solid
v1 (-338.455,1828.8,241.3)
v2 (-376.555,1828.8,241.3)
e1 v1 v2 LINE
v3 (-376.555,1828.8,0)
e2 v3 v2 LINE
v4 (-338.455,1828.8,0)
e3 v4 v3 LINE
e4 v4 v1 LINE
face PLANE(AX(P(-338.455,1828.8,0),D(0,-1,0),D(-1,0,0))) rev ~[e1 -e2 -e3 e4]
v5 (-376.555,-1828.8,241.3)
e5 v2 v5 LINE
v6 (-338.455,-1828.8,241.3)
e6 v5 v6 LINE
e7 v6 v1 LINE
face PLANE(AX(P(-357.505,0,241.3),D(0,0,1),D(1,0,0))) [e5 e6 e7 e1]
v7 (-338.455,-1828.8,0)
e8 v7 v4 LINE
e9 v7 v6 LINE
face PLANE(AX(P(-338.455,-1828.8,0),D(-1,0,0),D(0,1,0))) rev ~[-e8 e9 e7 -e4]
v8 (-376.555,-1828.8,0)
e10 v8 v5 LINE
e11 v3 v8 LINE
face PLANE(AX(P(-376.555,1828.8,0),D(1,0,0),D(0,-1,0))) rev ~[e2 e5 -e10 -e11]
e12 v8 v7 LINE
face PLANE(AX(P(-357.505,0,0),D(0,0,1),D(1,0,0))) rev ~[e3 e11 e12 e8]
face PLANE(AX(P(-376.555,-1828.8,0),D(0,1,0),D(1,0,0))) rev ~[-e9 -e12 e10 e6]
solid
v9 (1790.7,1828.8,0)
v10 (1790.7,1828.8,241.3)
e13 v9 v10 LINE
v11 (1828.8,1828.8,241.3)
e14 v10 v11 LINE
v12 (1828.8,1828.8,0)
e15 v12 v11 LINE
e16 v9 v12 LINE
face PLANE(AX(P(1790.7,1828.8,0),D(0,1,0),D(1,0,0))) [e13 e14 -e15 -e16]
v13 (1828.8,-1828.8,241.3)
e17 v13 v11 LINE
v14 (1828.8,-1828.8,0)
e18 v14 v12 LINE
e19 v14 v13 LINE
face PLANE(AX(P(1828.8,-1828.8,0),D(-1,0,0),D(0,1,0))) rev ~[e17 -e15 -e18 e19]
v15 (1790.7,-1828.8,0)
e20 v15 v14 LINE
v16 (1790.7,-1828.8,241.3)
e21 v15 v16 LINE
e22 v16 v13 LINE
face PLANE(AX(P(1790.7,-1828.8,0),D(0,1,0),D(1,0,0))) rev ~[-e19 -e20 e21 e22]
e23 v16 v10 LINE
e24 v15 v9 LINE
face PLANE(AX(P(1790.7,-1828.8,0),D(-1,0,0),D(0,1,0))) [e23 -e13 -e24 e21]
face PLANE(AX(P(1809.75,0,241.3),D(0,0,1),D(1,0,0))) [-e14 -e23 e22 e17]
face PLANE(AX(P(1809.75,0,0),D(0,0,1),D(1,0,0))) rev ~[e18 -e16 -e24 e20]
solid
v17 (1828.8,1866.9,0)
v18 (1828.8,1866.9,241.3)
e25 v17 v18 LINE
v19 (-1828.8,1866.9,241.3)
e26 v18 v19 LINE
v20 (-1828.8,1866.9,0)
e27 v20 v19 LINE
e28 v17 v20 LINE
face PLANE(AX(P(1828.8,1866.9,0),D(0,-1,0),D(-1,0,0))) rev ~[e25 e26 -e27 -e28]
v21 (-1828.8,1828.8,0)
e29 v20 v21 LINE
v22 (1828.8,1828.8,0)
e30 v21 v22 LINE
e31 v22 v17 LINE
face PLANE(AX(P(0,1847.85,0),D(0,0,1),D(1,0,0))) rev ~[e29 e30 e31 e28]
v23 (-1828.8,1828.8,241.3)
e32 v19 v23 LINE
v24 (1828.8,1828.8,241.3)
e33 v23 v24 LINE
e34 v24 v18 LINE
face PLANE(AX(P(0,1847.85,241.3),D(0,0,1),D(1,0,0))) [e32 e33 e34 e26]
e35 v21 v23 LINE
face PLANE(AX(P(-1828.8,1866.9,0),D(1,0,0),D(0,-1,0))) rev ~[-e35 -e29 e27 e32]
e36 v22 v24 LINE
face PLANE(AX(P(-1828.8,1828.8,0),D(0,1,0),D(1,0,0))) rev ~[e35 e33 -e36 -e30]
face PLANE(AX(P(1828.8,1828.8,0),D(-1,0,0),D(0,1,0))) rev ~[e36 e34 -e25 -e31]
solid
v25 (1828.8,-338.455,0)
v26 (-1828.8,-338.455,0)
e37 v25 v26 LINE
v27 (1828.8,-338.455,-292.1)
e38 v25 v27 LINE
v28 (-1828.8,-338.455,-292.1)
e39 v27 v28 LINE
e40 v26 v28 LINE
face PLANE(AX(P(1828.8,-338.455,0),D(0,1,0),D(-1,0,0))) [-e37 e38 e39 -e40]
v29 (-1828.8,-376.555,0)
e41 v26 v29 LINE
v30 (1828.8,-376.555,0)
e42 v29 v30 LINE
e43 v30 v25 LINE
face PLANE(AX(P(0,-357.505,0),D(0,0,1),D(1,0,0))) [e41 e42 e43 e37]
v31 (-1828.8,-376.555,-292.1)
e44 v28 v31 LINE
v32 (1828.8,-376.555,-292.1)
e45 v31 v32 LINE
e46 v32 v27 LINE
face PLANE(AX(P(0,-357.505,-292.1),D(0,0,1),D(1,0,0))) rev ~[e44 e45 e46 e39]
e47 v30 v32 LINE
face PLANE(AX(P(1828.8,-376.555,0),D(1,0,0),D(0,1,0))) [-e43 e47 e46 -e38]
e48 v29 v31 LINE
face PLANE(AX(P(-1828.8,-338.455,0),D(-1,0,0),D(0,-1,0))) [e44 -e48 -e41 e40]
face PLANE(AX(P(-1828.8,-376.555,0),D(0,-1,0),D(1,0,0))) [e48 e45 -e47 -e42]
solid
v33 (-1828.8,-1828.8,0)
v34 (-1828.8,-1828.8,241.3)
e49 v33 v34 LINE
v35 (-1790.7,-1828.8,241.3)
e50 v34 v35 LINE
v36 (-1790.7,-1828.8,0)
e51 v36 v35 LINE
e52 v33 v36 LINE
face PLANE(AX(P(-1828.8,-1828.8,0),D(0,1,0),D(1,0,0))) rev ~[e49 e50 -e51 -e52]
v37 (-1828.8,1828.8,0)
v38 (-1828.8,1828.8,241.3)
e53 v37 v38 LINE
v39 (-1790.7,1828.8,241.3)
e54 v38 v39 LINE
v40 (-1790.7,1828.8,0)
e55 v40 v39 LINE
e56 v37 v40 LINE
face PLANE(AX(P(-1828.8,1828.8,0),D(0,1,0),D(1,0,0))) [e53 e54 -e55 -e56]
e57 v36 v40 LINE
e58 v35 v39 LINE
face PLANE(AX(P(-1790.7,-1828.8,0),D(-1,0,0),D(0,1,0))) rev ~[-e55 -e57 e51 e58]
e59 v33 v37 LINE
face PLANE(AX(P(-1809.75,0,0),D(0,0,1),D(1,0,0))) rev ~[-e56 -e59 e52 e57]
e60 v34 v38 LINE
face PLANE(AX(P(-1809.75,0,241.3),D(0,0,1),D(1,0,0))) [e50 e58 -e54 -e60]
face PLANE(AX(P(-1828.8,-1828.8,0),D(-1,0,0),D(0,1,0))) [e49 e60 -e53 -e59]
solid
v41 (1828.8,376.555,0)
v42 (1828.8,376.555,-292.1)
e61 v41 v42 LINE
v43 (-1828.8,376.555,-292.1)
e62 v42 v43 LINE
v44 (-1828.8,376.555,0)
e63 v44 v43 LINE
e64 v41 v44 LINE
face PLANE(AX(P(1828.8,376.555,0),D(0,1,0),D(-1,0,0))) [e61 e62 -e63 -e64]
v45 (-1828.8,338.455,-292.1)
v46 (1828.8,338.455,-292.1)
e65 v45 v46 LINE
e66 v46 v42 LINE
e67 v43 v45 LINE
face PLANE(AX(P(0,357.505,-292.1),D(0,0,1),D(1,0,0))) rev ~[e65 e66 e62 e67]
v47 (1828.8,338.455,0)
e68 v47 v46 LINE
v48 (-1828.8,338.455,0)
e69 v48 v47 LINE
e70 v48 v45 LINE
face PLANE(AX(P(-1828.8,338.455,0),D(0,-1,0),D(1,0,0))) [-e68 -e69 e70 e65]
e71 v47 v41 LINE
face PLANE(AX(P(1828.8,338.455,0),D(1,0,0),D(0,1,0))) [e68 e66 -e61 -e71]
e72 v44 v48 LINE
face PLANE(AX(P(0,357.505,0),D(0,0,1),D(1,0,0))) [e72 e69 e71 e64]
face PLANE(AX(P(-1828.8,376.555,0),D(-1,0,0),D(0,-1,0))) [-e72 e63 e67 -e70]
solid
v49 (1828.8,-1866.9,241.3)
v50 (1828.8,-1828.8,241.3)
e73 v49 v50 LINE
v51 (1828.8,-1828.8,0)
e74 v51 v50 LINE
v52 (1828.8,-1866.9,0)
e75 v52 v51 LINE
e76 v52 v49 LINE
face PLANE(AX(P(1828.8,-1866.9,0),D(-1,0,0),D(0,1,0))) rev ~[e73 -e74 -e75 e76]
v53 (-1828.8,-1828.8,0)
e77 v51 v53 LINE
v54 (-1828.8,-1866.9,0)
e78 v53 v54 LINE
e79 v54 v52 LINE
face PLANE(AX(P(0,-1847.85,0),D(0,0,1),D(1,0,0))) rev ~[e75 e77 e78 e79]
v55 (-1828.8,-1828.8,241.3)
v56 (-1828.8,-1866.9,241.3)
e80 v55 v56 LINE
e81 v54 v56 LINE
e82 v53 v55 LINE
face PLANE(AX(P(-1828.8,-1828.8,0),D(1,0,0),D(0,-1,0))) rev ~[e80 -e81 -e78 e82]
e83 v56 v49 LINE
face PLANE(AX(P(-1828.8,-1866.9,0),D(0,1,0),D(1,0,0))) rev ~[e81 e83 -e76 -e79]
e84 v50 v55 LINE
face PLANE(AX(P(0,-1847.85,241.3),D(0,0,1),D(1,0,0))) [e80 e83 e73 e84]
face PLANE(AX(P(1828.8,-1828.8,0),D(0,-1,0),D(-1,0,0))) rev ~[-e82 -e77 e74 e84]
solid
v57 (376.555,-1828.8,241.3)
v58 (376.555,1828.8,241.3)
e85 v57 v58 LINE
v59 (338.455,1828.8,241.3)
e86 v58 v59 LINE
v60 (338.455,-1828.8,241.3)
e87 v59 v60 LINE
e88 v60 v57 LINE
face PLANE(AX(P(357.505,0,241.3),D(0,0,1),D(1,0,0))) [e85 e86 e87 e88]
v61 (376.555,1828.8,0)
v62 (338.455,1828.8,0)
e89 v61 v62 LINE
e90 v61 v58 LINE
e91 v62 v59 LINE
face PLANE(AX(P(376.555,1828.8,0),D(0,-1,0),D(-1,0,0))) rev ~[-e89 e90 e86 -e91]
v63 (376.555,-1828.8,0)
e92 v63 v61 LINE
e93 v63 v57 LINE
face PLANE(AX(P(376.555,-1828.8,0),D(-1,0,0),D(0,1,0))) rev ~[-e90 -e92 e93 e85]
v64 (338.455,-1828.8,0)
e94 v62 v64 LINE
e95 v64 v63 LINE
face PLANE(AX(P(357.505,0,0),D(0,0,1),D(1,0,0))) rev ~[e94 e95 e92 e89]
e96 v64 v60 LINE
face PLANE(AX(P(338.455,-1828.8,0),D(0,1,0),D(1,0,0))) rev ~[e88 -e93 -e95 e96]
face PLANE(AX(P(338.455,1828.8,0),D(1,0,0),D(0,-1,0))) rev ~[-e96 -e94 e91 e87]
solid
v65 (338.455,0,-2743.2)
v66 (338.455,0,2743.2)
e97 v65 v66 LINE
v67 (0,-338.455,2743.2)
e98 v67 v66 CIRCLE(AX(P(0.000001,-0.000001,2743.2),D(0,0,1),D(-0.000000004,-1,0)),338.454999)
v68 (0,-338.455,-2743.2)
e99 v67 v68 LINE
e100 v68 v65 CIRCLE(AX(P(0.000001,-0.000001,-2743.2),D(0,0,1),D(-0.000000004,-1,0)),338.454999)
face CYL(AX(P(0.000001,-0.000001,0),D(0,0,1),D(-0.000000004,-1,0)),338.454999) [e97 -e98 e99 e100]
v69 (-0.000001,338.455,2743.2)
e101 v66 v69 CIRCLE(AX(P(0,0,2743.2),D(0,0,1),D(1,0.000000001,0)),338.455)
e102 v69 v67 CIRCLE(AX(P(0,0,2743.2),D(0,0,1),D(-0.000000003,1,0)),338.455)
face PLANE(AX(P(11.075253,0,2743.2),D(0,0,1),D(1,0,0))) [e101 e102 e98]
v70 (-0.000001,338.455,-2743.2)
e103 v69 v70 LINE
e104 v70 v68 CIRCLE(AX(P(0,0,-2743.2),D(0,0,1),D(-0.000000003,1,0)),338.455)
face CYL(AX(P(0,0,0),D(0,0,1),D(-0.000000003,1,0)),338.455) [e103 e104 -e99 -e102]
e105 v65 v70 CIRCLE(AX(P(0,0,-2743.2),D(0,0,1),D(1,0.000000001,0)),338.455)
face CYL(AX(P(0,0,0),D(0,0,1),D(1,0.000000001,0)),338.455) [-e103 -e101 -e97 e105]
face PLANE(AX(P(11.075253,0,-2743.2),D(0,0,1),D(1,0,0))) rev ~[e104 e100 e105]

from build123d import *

# Parameters (mm, degrees)
F1_DEPTH = 2743.2
F2_DEPTH = 292.1
F3_W     = 38.1
F3_H     = 3657.6
F4_DEPTH = 241.3
F5_DEPTH = 241.3


with BuildPart() as f1:
    # F0 (on Top) → F1 (new body, symmetric)
    with BuildSketch(Plane.XY):
        with BuildLine():
            ThreePointArc((0, -338.455), (239.323826, -239.323826), (338.455, 0))
            ThreePointArc((338.455, 0), (239.323825, 239.323826), (-1e-06, 338.455))
            ThreePointArc((-1e-06, 338.455), (-338.455, -1e-06), (0, -338.455))
        make_face()
    extrude(amount=F1_DEPTH, both=True)


with BuildPart() as f2:
    # F0 (on Top) → F2 (new body)
    with BuildSketch(Plane.XY):
        Polygon((1828.8, -338.455), (0, -338.455), (-1828.8, -338.455), (-1828.8, -376.555), (1828.8, -376.555), align=None)
        Polygon((-1828.8, 338.455), (-1e-06, 338.455), (1828.8, 338.455), (1828.8, 376.555), (-1828.8, 376.555), align=None)
    extrude(amount=-F2_DEPTH)


with BuildPart() as f4:
    # F3 (on Top) → F4 (new body)
    with BuildSketch(Plane.XY):
        with Locations((-1809.75, 0)):
            Rectangle(F3_W, F3_H)
        Polygon((-338.455, -1828.8), (-338.455, -2e-06), (-338.455, 1828.8), (-376.555, 1828.8), (-376.555, -1828.8), align=None)
        Polygon((338.455, 1828.8), (338.455, 0), (338.455, -1828.8), (376.555, -1828.8), (376.555, 1828.8), align=None)
        with Locations((1809.75, 0)):
            Rectangle(F3_W, F3_H)
    extrude(amount=F4_DEPTH)


with BuildPart() as f5:
    # F3 (on Top) → F5 (new body)
    with BuildSketch(Plane.XY):
        Polygon((376.555, -1828.8), (338.455, -1828.8), (-338.455, -1828.8), (-376.555, -1828.8), (-1790.7, -1828.8), (-1828.8, -1828.8), (-1828.8, -1866.9), (1828.8, -1866.9), (1828.8, -1828.8), (1790.7, -1828.8), align=None)
        Polygon((-338.455, 1828.8), (338.455, 1828.8), (376.555, 1828.8), (1790.7, 1828.8), (1828.8, 1828.8), (1828.8, 1866.9), (-1828.8, 1866.9), (-1828.8, 1828.8), (-1790.7, 1828.8), (-376.555, 1828.8), align=None)
    extrude(amount=F5_DEPTH)


solid = Compound([f1.part, f2.part, f4.part, f5.part])
